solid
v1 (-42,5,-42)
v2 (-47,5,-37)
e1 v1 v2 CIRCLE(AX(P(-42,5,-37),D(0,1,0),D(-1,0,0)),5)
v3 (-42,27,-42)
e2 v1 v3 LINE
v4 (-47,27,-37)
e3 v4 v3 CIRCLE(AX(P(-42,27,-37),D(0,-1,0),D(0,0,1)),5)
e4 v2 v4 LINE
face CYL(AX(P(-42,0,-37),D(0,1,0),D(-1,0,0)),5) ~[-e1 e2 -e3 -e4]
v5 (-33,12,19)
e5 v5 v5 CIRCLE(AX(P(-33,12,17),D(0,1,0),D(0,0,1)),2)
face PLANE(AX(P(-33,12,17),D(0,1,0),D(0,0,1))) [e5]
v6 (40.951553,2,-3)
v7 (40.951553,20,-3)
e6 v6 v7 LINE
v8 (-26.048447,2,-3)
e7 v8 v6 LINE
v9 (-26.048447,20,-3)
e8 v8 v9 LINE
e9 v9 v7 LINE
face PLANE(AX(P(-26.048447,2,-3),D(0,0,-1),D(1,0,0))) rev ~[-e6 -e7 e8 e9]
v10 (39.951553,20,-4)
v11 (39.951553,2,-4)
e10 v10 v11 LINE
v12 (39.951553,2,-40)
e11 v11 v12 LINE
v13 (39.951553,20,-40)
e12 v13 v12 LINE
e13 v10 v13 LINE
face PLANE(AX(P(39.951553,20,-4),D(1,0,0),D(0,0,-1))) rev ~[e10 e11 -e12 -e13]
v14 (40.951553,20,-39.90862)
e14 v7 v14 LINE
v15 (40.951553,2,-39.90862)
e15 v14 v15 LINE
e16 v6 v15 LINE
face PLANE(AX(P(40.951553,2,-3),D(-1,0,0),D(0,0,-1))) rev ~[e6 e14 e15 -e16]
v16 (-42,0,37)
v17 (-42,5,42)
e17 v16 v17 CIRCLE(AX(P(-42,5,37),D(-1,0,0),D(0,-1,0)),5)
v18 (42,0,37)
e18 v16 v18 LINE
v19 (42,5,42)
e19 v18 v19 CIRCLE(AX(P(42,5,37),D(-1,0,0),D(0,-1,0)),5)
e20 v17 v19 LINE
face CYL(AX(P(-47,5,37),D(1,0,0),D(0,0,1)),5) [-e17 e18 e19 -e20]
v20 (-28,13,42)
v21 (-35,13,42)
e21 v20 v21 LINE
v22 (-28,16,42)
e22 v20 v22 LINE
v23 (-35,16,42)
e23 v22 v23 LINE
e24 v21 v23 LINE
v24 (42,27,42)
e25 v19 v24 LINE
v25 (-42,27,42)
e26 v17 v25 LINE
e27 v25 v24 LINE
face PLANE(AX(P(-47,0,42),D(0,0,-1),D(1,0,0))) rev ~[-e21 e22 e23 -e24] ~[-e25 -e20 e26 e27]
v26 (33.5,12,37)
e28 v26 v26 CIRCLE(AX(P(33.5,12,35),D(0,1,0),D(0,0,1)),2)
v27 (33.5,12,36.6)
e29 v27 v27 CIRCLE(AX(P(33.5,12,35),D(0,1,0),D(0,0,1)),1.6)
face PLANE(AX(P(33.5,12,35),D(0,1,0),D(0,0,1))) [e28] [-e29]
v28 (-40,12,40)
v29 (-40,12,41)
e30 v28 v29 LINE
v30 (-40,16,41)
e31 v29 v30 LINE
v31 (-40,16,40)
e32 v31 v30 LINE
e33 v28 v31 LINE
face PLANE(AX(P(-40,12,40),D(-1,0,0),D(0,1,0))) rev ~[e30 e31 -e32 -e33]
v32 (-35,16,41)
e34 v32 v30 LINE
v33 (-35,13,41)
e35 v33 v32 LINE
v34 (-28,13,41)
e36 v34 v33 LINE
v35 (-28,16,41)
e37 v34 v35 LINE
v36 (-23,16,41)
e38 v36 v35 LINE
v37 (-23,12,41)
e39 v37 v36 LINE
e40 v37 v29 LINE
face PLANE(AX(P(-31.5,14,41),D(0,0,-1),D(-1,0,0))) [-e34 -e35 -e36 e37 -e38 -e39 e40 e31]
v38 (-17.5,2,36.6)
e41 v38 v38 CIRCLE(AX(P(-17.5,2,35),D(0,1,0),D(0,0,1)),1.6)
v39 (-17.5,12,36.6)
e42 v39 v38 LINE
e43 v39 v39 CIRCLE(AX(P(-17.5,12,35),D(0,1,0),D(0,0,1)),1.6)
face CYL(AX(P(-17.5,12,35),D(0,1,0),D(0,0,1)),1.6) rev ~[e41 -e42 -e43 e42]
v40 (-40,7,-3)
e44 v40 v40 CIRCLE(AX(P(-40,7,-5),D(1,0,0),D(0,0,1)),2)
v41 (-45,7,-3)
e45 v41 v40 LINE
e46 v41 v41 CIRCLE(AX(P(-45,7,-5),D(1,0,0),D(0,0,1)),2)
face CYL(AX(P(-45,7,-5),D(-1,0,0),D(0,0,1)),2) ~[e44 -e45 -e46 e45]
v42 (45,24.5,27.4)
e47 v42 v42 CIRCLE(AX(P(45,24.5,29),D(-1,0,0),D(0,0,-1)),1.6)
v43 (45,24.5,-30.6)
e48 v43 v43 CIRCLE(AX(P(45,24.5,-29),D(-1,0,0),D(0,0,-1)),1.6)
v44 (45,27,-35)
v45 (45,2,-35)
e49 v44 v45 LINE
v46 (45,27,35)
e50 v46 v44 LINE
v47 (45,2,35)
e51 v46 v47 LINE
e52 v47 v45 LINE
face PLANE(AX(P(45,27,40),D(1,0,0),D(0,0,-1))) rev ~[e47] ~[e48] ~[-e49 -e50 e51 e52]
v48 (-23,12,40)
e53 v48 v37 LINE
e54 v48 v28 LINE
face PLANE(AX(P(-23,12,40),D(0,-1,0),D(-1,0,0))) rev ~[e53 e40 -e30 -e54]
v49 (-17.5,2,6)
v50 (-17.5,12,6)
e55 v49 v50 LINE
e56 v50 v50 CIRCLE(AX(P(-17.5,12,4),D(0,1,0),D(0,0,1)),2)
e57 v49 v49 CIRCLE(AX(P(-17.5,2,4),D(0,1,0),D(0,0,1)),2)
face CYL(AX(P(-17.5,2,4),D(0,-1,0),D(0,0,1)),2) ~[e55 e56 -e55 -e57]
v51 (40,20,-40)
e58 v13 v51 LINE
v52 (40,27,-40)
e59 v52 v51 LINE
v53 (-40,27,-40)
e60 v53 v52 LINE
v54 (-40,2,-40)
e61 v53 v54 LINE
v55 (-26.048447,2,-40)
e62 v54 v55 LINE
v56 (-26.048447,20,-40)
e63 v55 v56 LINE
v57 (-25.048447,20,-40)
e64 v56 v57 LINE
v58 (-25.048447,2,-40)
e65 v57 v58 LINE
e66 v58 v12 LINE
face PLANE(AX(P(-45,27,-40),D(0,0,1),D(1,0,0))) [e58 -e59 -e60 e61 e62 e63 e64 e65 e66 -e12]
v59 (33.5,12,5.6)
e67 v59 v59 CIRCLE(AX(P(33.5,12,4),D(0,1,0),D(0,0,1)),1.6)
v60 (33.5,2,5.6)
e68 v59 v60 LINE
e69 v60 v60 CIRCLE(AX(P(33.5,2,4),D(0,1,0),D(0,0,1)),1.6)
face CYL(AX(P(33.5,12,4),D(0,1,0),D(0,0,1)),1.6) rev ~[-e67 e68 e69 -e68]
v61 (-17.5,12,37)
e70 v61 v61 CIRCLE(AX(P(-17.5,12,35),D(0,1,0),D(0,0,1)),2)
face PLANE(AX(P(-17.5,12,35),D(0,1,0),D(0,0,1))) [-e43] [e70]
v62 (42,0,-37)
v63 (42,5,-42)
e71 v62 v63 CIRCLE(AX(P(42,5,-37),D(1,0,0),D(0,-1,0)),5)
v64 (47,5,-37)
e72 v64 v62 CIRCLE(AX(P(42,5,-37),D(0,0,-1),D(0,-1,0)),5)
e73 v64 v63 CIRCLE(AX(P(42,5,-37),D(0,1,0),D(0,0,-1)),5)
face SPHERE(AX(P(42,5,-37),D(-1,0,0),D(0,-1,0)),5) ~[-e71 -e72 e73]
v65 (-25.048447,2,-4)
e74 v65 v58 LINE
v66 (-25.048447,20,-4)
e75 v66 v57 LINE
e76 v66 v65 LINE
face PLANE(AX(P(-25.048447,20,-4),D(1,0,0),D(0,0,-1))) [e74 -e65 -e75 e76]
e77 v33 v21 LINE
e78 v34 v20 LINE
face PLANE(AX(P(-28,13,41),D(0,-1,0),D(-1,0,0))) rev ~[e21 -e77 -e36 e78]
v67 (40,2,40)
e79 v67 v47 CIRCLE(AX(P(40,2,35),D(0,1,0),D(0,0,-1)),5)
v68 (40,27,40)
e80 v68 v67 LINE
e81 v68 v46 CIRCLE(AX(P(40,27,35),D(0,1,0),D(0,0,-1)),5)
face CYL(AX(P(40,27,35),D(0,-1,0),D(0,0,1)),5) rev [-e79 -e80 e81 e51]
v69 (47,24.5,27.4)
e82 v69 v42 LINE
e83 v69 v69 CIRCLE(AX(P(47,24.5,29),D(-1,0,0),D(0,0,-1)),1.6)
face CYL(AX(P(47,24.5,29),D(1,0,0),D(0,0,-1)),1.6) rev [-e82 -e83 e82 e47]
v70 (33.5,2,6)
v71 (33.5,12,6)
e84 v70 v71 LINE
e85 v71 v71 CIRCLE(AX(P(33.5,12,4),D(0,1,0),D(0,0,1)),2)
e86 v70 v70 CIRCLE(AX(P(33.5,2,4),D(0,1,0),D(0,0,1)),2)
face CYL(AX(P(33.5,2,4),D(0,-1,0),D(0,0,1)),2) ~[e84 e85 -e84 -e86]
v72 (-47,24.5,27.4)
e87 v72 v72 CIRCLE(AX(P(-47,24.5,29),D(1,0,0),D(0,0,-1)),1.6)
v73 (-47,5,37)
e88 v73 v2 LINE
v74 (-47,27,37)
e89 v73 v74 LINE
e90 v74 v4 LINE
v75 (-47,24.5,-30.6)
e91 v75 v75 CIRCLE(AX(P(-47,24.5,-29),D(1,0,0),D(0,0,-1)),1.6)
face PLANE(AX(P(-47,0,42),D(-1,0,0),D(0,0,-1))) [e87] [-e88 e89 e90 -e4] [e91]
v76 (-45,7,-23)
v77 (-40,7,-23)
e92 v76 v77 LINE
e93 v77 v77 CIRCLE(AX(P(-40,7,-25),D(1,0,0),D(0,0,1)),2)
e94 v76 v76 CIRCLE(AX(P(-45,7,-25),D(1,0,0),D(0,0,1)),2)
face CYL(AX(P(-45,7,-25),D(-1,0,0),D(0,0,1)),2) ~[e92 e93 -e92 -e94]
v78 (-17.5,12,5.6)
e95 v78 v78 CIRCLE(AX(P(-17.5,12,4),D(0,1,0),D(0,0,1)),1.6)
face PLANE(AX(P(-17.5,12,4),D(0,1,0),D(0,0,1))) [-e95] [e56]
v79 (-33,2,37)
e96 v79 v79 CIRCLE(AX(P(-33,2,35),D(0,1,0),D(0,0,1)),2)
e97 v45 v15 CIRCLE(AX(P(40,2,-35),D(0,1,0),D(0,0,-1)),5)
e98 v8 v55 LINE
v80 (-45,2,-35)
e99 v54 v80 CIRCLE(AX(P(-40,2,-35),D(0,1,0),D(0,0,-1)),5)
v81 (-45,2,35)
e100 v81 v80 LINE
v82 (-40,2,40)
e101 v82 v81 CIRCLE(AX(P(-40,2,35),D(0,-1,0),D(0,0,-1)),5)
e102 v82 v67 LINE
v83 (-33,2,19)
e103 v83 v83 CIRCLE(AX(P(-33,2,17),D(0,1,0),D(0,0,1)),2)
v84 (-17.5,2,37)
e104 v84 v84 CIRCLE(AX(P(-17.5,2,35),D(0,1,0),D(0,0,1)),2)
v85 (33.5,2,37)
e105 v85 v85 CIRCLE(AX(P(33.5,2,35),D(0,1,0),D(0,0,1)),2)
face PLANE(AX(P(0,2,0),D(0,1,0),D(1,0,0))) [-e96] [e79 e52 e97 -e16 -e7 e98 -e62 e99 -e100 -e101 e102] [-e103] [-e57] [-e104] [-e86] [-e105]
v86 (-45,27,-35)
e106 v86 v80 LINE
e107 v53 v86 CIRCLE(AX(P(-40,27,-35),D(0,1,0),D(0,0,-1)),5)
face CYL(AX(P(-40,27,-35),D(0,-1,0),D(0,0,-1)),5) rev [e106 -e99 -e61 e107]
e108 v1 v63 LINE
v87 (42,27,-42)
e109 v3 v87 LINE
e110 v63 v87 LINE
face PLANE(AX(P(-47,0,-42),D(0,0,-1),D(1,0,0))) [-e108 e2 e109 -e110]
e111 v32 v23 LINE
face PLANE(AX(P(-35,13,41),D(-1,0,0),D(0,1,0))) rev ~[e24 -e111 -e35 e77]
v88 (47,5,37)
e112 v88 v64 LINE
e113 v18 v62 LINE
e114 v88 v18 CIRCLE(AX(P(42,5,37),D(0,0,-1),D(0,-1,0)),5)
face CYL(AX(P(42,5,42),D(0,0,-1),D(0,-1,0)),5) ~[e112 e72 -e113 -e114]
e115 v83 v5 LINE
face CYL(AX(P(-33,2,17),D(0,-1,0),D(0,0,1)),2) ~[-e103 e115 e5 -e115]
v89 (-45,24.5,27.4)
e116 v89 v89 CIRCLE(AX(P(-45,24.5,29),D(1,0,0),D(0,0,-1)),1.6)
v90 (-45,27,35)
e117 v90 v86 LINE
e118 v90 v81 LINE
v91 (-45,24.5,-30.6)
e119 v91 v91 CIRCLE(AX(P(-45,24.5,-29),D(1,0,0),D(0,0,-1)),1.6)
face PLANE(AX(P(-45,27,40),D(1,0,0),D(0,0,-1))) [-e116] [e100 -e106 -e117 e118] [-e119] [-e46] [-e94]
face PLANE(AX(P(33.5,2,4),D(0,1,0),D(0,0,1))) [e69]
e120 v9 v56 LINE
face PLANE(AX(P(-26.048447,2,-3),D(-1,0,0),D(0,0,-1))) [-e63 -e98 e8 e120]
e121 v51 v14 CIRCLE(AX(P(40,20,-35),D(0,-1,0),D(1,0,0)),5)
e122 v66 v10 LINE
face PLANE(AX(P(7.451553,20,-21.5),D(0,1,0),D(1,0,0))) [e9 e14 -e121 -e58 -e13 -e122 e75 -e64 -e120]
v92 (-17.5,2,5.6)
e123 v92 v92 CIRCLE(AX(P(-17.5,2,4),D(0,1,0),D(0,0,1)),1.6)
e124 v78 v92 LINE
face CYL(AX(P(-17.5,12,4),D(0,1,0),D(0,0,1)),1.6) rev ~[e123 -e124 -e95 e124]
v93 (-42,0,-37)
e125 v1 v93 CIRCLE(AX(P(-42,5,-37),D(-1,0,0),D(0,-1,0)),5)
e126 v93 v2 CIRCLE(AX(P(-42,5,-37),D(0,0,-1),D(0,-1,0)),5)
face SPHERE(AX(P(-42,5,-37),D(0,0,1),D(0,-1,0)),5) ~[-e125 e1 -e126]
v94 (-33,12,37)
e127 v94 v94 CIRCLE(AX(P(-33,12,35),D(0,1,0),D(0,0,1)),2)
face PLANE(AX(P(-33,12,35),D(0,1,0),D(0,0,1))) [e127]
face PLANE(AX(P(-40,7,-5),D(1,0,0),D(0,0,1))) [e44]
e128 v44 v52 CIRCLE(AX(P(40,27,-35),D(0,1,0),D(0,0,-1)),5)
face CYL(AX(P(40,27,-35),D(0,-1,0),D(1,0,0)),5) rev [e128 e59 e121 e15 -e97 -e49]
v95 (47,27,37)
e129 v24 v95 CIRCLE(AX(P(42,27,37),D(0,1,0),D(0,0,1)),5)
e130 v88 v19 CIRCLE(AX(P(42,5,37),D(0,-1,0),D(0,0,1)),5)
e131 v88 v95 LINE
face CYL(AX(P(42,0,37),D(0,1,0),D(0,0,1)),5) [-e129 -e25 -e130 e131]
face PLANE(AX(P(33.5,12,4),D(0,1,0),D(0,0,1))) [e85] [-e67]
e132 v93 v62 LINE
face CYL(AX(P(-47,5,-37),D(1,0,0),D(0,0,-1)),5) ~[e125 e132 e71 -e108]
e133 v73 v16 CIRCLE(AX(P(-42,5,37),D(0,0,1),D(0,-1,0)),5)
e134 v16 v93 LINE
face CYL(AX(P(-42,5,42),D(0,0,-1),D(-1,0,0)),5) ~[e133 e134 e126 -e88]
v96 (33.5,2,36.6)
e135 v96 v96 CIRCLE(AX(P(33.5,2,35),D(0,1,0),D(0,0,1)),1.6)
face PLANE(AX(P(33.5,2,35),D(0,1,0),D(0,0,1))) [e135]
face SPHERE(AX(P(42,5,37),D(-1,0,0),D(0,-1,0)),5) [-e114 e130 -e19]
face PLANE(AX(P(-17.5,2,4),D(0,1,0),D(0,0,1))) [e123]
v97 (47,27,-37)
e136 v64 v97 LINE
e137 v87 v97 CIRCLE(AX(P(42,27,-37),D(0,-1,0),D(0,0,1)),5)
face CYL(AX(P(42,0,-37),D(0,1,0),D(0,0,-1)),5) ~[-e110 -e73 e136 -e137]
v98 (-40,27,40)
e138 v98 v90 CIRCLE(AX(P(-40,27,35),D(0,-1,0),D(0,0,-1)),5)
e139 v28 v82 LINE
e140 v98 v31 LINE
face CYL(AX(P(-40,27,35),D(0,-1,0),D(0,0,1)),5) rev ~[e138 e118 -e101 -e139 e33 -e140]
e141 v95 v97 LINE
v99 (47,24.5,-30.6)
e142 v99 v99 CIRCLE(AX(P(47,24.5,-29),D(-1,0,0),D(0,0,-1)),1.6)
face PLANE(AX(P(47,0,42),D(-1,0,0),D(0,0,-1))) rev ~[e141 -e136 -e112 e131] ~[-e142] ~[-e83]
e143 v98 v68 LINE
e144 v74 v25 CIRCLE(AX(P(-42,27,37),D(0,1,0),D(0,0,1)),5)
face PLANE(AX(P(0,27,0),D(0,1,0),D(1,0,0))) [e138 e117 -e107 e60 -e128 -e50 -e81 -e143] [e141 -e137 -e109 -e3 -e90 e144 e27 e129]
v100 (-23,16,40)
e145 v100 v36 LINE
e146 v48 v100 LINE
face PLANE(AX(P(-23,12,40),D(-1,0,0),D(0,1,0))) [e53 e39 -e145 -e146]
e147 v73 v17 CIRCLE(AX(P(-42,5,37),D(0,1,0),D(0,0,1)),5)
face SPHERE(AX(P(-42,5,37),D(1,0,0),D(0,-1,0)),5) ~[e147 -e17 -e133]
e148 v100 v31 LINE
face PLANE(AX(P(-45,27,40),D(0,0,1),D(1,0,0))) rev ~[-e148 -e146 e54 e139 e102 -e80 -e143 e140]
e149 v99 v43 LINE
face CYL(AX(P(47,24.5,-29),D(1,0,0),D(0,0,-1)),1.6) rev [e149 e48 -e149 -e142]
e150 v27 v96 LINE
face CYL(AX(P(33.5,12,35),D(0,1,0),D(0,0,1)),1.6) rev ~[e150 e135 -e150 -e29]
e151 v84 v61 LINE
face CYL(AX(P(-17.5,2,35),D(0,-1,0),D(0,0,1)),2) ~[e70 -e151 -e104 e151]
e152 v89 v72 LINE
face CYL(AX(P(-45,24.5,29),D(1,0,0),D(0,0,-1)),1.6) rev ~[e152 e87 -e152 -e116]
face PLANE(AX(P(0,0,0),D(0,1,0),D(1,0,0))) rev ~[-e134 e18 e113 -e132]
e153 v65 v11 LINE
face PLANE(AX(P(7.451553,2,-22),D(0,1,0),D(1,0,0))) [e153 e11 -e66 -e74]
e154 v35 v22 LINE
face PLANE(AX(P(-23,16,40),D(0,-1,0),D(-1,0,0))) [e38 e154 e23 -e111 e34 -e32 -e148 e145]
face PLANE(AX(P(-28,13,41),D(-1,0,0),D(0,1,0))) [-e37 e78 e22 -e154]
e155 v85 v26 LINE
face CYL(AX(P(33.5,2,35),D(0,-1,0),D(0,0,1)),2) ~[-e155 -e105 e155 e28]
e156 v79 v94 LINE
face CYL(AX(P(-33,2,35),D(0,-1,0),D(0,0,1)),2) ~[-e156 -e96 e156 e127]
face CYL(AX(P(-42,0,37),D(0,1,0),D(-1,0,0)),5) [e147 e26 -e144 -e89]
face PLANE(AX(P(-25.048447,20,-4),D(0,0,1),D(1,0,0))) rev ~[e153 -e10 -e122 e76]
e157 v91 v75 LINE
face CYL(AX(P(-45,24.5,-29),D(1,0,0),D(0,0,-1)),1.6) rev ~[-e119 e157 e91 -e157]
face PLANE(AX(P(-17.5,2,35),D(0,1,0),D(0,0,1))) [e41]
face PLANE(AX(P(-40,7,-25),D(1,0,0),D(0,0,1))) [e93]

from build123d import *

# Parameters (mm, degrees)
SKETCH1_W           = 94
SKETCH1_H           = 84
BOSS_EXTRUDE1_DEPTH = 27
SKETCH2_W           = 90
SKETCH2_H           = 80
CUT_EXTRUDE1_DEPTH  = 25
FILLET2_R           = 5
FILLET3_R           = 5
SKETCH3_R           = 2
BOSS_EXTRUDE2_DEPTH = 10
SKETCH4_R           = 1.6
BOSS_EXTRUDE3_DEPTH = 10
SKETCH5_R           = 1.6
CUT_EXTRUDE2_DEPTH  = 10
SKETCH6_R           = 2
BOSS_EXTRUDE4_DEPTH = 10
SKETCH12_W          = 67
SKETCH12_H          = 37
BOSS_EXTRUDE5_DEPTH = 18
SKETCH13_W          = 65
SKETCH13_H          = 36
CUT_EXTRUDE4_DEPTH  = 18
SKETCH14_W          = 17
SKETCH14_H          = 4
CUT_EXTRUDE5_DEPTH  = 1
SKETCH16_W          = 7
SKETCH16_H          = 3
CUT_EXTRUDE6_DEPTH  = 1
SKETCH17_R          = 2
BOSS_EXTRUDE6_DEPTH = 5
SKETCH18_R          = 1.6
CUT_EXTRUDE7_DEPTH  = 2
CUT_EXTRUDE8_START  = -2
SKETCH19_R          = 1.6
CUT_EXTRUDE8_DEPTH  = 2


with BuildPart() as part:
    # Sketch1 → Boss-Extrude1 (new body)
    with BuildSketch(Plane(origin=(0, 0, 0), x_dir=(1, 0, 0), z_dir=(0, 1, 0))):
        Rectangle(SKETCH1_W, SKETCH1_H)
    extrude(amount=BOSS_EXTRUDE1_DEPTH)

    # Sketch2 → Cut-Extrude1 (cut)
    with BuildSketch(Plane(origin=(0, 27, 0), x_dir=(1, 0, 0), z_dir=(0, 1, 0))):
        Rectangle(SKETCH2_W, SKETCH2_H)
    extrude(amount=-CUT_EXTRUDE1_DEPTH, mode=Mode.SUBTRACT)

    # Fillet2
    fillet2_edges = [part.edges().sort_by_distance(p)[0] for p in [
        (0, 0, 42),
        (-47, 0, 0),
        (0, 0, -42),
        (47, 0, 0),
        (47, 13.5, 42),
        (-47, 13.5, 42),
        (-47, 13.5, -42),
        (47, 13.5, -42),
    ]]
    fillet(fillet2_edges, radius=FILLET2_R)

    # Fillet3
    fillet3_edges = [part.edges().sort_by_distance(p)[0] for p in [
        (45, 14.5, -40),
        (45, 14.5, 40),
        (-45, 14.5, 40),
        (-45, 14.5, -40),
    ]]
    fillet(fillet3_edges, radius=FILLET3_R)

    # Sketch3 → Boss-Extrude2 (add)
    with BuildSketch(Plane(origin=(0, 2, 0), x_dir=(1, 0, 0), z_dir=(0, 1, 0))):
        with Locations(Location((33.5, -35, 0), (0, 0, 270))):
            Circle(SKETCH3_R)
        with Locations(Location((33.5, -4, 0), (0, 0, 270))):
            Circle(SKETCH3_R)
        with Locations(Location((-17.5, -4, 0), (0, 0, 270))):
            Circle(SKETCH3_R)
        with Locations(Location((-17.5, -35, 0), (0, 0, 270))):
            Circle(SKETCH3_R)
    extrude(amount=BOSS_EXTRUDE2_DEPTH)

    # Sketch4 → Boss-Extrude3 (add)
    with BuildSketch(Plane(origin=(0, 12, 0), x_dir=(1, 0, 0), z_dir=(0, 1, 0))):
        with Locations((-17.5, -4)):
            Circle(SKETCH4_R)
        with Locations((33.5, -4)):
            Circle(SKETCH4_R)
        with Locations((-17.5, -35)):
            Circle(SKETCH4_R)
        with Locations((33.5, -35)):
            Circle(SKETCH4_R)
    extrude(amount=-BOSS_EXTRUDE3_DEPTH)

    # Sketch5 → Cut-Extrude2 (cut)
    with BuildSketch(Plane(origin=(0, 12, 0), x_dir=(1, 0, 0), z_dir=(0, 1, 0))):
        with Locations(Location((-17.5, -4, 0), (0, 0, 270))):
            Circle(SKETCH5_R)
        with Locations(Location((33.5, -4, 0), (0, 0, 270))):
            Circle(SKETCH5_R)
        with Locations(Location((-17.5, -35, 0), (0, 0, 270))):
            Circle(SKETCH5_R)
        with Locations(Location((33.5, -35, 0), (0, 0, 270))):
            Circle(SKETCH5_R)
    extrude(amount=-CUT_EXTRUDE2_DEPTH, mode=Mode.SUBTRACT)

    # Sketch6 → Boss-Extrude4 (add)
    with BuildSketch(Plane(origin=(0, 2, 0), x_dir=(1, 0, 0), z_dir=(0, 1, 0))):
        with Locations(Location((-33, -35, 0), (0, 0, 270))):
            Circle(SKETCH6_R)
        with Locations(Location((-33, -17, 0), (0, 0, 270))):
            Circle(SKETCH6_R)
    extrude(amount=BOSS_EXTRUDE4_DEPTH)

    # Sketch12 → Boss-Extrude5 (add)
    with BuildSketch(Plane(origin=(0, 2, 0), x_dir=(1, 0, 0), z_dir=(0, 1, 0))):
        with Locations((7.45155259, 21.5)):
            Rectangle(SKETCH12_W, SKETCH12_H)
    extrude(amount=BOSS_EXTRUDE5_DEPTH)

    # Sketch13 → Cut-Extrude4 (cut)
    with BuildSketch(Plane(origin=(0, 20, 0), x_dir=(1, 0, 0), z_dir=(0, 1, 0))):
        with Locations((7.45155259, 22)):
            Rectangle(SKETCH13_W, SKETCH13_H)
    extrude(amount=-CUT_EXTRUDE4_DEPTH, mode=Mode.SUBTRACT)

    # Sketch14 → Cut-Extrude5 (cut)
    with BuildSketch(Plane(origin=(0, 0, 40), x_dir=(-1, 0, 0), z_dir=(0, 0, -1))):
        with Locations((31.5, 14)):
            Rectangle(SKETCH14_W, SKETCH14_H)
    extrude(amount=-CUT_EXTRUDE5_DEPTH, mode=Mode.SUBTRACT)

    # Sketch16 → Cut-Extrude6 (cut)
    with BuildSketch(Plane(origin=(0, 0, 41), x_dir=(-1, 0, 0), z_dir=(0, 0, -1))):
        with Locations((31.5, 14.5)):
            Rectangle(SKETCH16_W, SKETCH16_H)
    extrude(amount=-CUT_EXTRUDE6_DEPTH, mode=Mode.SUBTRACT)

    # Sketch17 → Boss-Extrude6 (add)
    with BuildSketch(Plane(origin=(-45, 0, 0), x_dir=(0, 0, -1), z_dir=(1, 0, 0))):
        with Locations(Location((25, 7, 0), (0, 0, 180))):
            Circle(SKETCH17_R)
        with Locations(Location((5, 7, 0), (0, 0, 180))):
            Circle(SKETCH17_R)
    extrude(amount=BOSS_EXTRUDE6_DEPTH)

    # Sketch18 → Cut-Extrude7 (cut)
    with BuildSketch(Plane(origin=(-45, 0, 0), x_dir=(0, 0, -1), z_dir=(1, 0, 0))):
        with Locations((29, 24.5)):
            Circle(SKETCH18_R)
        with Locations((-29, 24.5)):
            Circle(SKETCH18_R)
    extrude(amount=-CUT_EXTRUDE7_DEPTH, mode=Mode.SUBTRACT)

    # Sketch19 → Cut-Extrude8 (cut)
    with BuildSketch(Plane.ZY.offset(-45).offset(CUT_EXTRUDE8_START)):
        with Locations(Location((-29, 24.5, 0), (0, 0, 180))):
            Circle(SKETCH19_R)
        with Locations(Location((29, 24.5, 0), (0, 0, 180))):
            Circle(SKETCH19_R)
    extrude(amount=CUT_EXTRUDE8_DEPTH, mode=Mode.SUBTRACT)


solid = part.part
